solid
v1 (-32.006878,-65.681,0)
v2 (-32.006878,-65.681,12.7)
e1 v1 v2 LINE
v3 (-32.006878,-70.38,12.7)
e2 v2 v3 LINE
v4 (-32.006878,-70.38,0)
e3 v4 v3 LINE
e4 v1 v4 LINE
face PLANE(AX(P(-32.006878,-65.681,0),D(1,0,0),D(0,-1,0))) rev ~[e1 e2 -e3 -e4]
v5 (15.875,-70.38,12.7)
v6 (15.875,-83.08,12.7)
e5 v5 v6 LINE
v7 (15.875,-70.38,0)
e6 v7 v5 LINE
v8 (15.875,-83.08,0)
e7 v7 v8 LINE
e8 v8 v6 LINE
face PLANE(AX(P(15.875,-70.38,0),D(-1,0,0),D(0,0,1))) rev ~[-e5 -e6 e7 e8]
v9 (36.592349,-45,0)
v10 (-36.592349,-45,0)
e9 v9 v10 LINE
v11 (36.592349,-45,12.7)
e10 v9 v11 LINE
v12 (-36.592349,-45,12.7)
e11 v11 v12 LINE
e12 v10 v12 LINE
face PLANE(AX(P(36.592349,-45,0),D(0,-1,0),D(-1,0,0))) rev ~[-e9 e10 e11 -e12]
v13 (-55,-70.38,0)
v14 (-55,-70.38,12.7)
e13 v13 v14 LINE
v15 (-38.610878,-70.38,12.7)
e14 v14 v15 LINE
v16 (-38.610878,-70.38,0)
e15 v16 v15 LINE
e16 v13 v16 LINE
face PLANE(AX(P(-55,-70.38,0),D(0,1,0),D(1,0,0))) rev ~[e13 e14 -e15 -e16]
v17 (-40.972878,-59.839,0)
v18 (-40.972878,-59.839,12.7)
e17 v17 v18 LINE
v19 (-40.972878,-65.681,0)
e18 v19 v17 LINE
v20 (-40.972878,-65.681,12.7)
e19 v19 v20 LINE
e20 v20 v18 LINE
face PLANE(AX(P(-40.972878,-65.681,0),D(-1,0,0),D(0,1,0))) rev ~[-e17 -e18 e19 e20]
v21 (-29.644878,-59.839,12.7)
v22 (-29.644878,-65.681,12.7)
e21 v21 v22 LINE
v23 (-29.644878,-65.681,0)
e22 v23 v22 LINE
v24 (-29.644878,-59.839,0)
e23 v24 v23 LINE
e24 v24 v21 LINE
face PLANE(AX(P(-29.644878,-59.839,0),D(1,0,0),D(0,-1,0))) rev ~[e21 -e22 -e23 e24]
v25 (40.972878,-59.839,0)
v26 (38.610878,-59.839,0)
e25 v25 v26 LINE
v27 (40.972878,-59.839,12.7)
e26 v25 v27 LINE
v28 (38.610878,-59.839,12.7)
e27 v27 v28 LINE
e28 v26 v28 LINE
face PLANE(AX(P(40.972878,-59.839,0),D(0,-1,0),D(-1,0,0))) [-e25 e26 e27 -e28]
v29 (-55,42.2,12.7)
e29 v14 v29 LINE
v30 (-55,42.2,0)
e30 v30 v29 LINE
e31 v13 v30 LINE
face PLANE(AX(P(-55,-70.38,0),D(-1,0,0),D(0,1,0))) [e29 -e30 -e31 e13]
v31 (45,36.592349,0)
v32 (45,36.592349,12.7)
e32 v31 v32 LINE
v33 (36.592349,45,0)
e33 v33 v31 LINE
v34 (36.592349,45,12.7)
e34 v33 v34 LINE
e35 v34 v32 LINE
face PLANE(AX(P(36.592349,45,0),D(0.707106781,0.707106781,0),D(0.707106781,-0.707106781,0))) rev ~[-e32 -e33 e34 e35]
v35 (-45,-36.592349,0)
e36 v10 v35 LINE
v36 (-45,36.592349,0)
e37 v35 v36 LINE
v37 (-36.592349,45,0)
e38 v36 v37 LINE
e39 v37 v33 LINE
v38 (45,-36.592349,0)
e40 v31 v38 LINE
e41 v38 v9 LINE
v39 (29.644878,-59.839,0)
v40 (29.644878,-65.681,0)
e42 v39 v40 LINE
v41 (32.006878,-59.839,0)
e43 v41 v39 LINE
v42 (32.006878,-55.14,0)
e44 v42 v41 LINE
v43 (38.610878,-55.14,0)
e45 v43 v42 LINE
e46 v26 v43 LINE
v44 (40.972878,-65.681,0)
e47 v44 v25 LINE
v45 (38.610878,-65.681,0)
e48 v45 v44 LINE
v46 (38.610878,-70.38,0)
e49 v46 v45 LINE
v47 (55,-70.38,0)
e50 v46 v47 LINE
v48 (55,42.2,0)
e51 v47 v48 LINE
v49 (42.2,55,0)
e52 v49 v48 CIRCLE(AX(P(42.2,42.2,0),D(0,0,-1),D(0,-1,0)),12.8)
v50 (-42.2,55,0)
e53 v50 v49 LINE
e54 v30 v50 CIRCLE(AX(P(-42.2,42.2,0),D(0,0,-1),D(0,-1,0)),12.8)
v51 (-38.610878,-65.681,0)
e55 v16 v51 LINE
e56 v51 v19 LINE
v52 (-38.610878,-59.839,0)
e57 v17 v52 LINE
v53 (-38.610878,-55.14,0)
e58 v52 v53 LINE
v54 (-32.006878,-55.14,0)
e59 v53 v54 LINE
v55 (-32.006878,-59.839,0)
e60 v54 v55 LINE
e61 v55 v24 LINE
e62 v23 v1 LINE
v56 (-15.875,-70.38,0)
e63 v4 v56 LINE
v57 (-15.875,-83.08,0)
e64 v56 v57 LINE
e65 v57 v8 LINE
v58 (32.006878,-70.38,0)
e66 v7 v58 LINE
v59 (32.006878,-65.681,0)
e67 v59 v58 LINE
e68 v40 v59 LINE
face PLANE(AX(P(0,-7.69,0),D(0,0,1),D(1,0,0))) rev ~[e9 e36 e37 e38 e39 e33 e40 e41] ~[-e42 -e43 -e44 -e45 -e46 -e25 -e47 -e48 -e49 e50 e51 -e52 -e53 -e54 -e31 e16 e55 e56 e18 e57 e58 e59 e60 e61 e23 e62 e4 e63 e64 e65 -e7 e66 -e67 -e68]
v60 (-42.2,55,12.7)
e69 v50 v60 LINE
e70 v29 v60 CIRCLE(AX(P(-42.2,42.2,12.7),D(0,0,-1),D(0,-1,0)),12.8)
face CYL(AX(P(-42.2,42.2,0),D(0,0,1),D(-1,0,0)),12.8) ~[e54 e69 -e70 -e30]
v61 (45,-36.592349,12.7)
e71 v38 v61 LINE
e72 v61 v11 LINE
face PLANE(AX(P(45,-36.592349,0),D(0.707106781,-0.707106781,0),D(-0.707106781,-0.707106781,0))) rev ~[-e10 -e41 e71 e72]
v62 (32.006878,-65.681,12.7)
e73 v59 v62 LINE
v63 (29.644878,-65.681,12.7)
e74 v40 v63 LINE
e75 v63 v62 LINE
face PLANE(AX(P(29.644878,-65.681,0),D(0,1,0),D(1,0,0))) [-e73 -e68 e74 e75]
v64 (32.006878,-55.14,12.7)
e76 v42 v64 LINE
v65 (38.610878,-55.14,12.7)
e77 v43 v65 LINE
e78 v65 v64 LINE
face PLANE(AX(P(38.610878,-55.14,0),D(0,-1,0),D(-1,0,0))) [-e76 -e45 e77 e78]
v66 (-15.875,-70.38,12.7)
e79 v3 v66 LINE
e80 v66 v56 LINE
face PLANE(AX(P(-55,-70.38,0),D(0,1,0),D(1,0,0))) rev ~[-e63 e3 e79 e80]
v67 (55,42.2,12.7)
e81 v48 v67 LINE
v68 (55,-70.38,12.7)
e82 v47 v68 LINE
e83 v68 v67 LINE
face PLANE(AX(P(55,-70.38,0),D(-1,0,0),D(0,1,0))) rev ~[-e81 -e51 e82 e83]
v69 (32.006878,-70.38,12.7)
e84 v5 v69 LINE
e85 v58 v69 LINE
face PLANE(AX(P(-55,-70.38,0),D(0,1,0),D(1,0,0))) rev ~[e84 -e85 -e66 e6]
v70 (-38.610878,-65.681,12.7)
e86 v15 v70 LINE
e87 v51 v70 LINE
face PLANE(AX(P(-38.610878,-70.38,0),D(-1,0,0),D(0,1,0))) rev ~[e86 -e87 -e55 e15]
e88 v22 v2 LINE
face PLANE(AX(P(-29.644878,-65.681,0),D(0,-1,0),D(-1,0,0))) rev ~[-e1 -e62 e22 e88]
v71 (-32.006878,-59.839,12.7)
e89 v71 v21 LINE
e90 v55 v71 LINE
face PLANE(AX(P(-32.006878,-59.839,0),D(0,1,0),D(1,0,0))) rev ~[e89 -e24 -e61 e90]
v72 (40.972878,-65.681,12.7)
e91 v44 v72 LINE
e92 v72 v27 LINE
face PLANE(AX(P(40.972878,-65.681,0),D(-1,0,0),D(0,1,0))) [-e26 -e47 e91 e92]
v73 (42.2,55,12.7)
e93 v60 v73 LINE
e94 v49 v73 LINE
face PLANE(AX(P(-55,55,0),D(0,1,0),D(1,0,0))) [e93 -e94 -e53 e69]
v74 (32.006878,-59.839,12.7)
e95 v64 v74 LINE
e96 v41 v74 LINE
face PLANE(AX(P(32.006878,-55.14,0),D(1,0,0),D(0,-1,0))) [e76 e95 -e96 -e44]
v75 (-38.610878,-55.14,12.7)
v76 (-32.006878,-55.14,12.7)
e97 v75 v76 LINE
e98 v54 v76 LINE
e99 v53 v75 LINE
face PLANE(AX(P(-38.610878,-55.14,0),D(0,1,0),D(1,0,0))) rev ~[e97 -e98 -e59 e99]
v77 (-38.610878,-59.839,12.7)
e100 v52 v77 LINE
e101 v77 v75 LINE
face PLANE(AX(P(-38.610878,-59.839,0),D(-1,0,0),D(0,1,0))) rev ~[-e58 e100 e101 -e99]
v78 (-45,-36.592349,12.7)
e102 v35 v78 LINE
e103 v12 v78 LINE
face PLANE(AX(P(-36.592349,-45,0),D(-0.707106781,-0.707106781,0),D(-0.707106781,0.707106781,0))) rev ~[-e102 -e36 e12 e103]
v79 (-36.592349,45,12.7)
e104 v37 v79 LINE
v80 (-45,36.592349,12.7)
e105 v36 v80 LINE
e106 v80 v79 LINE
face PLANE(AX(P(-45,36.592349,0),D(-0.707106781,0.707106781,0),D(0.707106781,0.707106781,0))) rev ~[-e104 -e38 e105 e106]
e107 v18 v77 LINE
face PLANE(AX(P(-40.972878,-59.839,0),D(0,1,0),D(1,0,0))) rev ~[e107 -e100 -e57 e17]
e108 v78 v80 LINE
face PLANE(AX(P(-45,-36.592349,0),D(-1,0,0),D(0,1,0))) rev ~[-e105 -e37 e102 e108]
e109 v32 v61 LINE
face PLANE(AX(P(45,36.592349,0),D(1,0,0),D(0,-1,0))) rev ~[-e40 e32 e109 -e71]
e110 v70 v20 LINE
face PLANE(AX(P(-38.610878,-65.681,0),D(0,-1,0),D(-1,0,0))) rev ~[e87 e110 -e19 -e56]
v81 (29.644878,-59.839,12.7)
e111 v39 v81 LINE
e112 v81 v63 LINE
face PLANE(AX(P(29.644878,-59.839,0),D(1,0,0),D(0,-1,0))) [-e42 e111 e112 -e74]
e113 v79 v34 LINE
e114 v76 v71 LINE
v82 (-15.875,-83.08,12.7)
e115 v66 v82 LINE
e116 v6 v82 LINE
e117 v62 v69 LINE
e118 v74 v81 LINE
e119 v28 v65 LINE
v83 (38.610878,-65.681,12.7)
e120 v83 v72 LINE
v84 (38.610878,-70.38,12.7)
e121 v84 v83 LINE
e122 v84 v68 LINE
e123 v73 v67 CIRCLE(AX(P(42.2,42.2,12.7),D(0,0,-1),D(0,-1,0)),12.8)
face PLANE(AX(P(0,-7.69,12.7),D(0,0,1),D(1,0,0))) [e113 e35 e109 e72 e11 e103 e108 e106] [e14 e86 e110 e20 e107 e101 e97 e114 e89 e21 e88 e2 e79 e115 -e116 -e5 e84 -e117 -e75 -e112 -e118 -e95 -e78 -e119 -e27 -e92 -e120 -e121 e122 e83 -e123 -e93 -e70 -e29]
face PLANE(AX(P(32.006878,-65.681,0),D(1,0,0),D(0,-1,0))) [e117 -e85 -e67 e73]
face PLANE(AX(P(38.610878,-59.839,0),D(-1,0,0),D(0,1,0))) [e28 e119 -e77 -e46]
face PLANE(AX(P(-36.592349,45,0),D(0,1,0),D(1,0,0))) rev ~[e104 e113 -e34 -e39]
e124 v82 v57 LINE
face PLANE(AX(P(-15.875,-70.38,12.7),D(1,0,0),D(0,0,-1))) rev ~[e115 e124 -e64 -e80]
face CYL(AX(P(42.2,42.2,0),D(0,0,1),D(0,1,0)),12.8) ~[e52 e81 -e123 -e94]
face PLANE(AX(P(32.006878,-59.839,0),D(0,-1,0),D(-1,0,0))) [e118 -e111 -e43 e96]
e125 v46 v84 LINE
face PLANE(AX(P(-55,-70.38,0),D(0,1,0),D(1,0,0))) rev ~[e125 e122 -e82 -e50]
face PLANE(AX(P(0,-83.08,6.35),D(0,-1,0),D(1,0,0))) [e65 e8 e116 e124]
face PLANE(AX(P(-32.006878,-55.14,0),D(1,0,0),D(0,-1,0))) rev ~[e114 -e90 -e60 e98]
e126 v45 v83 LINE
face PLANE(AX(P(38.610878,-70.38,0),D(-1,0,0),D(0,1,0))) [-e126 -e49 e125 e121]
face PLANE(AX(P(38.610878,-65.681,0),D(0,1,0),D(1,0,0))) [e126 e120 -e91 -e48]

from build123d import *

# Parameters (mm, degrees)
SKETCH2_W           = 110
SKETCH2_H           = 125.38
BOSS_EXTRUDE1_DEPTH = 12.7
FILLET1_R           = 12.8
CUT_EXTRUDE1_DEPTH  = 12.7
BOSS_EXTRUDE2_DEPTH = 12.7


with BuildPart() as part:
    # Sketch2 → Boss-Extrude1 (new body)
    with BuildSketch(Plane.XY):
        with Locations((0, -7.69)):
            Rectangle(SKETCH2_W, SKETCH2_H)
        Polygon((-45, -36.592348927), (-45, 36.592348927), (-36.592348927, 45), (36.592348927, 45), (45, 36.592348927), (45, -36.592348927), (36.592348927, -45), (-36.592348927, -45), align=None, mode=Mode.SUBTRACT)
    extrude(amount=BOSS_EXTRUDE1_DEPTH)

    # Fillet1
    fillet1_edges = [part.edges().sort_by_distance(p)[0] for p in [
        (55, 55, 6.35),
        (-55, 55, 6.35),
    ]]
    fillet(fillet1_edges, radius=FILLET1_R)

    # Sketch5 → Cut-Extrude1 (cut)
    with BuildSketch(Plane(origin=(0, 0, 0), x_dir=(-1, 0, 0), z_dir=(0, 0, -1))):
        Polygon((-38.610878355, -70.38), (-38.610878355, -65.681), (-40.972878355, -65.681), (-40.972878355, -59.839), (-38.610878355, -59.839), (-38.610878355, -55.14), (-32.006878355, -55.14), (-32.006878355, -59.839), (-29.644878355, -59.839), (-29.644878355, -65.681), (-32.006878355, -65.681), (-32.006878355, -70.38), align=None)
        Polygon((32.006878355, -65.681), (32.006878355, -70.38), (38.610878355, -70.38), (38.610878355, -65.681), (40.972878355, -65.681), (40.972878355, -59.839), (38.610878355, -59.839), (38.610878355, -55.14), (32.006878355, -55.14), (32.006878355, -59.839), (29.644878355, -59.839), (29.644878355, -65.681), align=None)
    extrude(amount=-CUT_EXTRUDE1_DEPTH, mode=Mode.SUBTRACT)

    # Sketch6 → Boss-Extrude2 (add)
    with BuildSketch(Plane.XZ.offset(70.38)):
        Polygon((0, 0), (15.875, 0), (15.875, 12.7), (-15.875, 12.7), (-15.875, 0), align=None)
    extrude(amount=BOSS_EXTRUDE2_DEPTH)


solid = part.part
